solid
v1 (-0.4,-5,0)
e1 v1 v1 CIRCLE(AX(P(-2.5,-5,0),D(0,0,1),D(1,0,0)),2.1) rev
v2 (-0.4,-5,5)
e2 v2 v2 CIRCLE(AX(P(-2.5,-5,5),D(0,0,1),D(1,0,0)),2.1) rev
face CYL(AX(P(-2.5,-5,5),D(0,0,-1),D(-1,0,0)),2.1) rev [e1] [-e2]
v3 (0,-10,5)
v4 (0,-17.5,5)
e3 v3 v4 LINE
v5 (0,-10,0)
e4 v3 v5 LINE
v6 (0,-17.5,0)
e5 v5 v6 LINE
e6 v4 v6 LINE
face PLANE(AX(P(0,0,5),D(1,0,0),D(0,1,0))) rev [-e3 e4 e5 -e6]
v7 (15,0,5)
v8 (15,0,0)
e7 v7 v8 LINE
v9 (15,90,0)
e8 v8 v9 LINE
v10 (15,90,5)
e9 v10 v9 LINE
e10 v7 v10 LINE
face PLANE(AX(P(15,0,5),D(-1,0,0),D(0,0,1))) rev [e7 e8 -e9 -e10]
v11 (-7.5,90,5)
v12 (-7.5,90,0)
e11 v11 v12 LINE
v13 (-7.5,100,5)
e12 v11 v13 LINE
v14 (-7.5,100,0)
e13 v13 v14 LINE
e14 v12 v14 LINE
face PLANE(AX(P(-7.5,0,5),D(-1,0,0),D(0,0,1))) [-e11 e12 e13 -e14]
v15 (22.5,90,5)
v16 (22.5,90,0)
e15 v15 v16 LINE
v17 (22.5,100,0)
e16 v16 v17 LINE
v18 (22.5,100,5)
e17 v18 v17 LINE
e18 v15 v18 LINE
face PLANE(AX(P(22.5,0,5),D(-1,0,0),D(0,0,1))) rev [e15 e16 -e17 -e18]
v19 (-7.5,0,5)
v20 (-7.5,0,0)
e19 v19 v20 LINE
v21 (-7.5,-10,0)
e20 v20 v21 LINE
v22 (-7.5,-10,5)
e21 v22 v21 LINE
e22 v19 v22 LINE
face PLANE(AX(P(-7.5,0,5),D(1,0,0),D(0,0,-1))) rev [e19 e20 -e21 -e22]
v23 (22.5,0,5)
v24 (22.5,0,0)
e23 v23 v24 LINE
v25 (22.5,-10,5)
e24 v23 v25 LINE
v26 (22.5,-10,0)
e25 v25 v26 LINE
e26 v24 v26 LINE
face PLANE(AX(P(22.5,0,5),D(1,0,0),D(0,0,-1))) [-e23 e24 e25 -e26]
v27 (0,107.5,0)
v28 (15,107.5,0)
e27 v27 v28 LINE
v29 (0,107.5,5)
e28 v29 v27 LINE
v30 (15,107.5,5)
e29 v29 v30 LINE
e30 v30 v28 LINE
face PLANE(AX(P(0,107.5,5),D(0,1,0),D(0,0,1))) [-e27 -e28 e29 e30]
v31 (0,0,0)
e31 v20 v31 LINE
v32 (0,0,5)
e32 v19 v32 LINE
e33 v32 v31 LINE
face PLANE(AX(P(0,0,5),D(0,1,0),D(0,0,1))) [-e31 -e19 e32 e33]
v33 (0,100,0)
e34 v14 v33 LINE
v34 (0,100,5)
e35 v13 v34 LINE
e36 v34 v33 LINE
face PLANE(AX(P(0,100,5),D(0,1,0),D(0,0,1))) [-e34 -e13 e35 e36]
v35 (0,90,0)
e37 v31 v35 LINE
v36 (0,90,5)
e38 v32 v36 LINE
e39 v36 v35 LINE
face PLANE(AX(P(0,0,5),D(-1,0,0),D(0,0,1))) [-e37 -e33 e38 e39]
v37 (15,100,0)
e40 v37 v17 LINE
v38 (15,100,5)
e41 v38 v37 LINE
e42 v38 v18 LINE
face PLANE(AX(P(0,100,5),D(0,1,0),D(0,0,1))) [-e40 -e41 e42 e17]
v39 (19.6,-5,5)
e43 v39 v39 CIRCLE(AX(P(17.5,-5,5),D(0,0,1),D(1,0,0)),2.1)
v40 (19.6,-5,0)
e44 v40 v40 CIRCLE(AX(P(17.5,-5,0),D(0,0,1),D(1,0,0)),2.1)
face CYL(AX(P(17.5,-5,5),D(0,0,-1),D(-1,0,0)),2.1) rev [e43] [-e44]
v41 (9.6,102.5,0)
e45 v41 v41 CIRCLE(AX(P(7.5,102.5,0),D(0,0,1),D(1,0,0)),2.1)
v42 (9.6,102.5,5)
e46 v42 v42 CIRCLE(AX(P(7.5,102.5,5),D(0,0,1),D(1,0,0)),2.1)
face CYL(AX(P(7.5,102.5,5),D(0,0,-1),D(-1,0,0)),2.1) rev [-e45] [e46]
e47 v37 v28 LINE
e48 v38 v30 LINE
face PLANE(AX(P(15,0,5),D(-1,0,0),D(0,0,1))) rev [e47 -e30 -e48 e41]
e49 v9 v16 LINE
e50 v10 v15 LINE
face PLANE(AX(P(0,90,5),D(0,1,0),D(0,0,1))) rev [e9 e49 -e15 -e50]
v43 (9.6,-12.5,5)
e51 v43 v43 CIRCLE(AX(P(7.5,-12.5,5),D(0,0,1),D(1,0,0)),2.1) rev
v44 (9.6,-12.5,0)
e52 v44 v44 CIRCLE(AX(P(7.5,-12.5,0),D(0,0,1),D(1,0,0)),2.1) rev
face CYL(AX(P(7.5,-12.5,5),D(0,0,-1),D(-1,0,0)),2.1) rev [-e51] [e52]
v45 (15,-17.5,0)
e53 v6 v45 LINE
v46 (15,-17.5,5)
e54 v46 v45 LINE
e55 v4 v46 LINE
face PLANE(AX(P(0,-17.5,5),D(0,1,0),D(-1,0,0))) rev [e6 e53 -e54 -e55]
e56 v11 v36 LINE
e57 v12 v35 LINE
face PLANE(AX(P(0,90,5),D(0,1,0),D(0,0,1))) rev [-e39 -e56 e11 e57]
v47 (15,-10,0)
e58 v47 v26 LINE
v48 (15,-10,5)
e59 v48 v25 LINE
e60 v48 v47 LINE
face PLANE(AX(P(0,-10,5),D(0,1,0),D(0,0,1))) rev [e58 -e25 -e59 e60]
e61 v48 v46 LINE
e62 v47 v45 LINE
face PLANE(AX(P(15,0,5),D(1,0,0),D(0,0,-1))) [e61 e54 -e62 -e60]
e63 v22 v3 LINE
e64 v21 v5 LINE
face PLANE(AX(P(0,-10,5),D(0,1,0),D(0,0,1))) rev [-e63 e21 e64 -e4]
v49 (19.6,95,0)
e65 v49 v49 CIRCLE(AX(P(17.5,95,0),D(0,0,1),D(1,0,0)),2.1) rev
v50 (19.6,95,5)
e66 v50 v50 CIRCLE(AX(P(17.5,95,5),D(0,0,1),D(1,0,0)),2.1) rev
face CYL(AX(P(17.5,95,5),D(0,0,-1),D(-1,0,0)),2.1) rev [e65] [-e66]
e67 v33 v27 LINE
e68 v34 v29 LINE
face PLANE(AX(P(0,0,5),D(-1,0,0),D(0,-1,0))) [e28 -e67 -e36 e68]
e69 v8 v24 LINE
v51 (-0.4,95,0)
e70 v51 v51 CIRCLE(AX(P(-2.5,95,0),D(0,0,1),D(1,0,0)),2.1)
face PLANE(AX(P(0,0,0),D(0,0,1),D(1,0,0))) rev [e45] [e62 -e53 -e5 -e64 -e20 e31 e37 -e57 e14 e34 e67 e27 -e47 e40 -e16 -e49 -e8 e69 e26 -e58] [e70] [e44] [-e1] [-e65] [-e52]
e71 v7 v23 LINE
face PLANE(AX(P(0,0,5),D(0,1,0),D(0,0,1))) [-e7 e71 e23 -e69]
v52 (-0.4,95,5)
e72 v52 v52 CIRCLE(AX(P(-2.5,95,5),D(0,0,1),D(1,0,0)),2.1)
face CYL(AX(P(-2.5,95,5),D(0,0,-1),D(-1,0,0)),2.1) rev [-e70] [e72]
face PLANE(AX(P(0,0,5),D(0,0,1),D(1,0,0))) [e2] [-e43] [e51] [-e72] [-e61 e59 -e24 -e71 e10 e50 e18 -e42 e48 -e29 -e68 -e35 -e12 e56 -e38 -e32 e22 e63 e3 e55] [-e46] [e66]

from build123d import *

# Parameters (mm, degrees)
SKETCH1_W           = 15
SKETCH1_H           = 90
SKETCH1_R           = 2.1
SKETCH1_H_2         = 7.5
BOSS_EXTRUDE1_DEPTH = 5


with BuildPart() as part:
    # Sketch1 → Boss-Extrude1 (new body)
    with BuildSketch(Plane.XY):
        with Locations((7.5, 45)):
            Rectangle(SKETCH1_W, SKETCH1_H)
        Polygon((-7.5, 90), (0, 90), (15, 90), (22.5, 90), (22.5, 100), (15, 100), (0, 100), (-7.5, 100), align=None)
        with Locations((-2.5, 95)):
            Circle(SKETCH1_R, mode=Mode.SUBTRACT)
        with Locations((17.5, 95)):
            Circle(SKETCH1_R, mode=Mode.SUBTRACT)
        with Locations((7.5, 103.75)):
            Rectangle(SKETCH1_W, SKETCH1_H_2)
        with Locations((7.5, 102.5)):
            Circle(SKETCH1_R, mode=Mode.SUBTRACT)
        Polygon((15, 0), (0, 0), (-7.5, 0), (-7.5, -10), (0, -10), (15, -10), (22.5, -10), (22.5, 0), align=None)
        with Locations((-2.5, -5)):
            Circle(SKETCH1_R, mode=Mode.SUBTRACT)
        with Locations((17.5, -5)):
            Circle(SKETCH1_R, mode=Mode.SUBTRACT)
        with Locations((7.5, -13.75)):
            Rectangle(SKETCH1_W, SKETCH1_H_2)
        with Locations((7.5, -12.5)):
            Circle(SKETCH1_R, mode=Mode.SUBTRACT)
    extrude(amount=BOSS_EXTRUDE1_DEPTH)


solid = part.part
